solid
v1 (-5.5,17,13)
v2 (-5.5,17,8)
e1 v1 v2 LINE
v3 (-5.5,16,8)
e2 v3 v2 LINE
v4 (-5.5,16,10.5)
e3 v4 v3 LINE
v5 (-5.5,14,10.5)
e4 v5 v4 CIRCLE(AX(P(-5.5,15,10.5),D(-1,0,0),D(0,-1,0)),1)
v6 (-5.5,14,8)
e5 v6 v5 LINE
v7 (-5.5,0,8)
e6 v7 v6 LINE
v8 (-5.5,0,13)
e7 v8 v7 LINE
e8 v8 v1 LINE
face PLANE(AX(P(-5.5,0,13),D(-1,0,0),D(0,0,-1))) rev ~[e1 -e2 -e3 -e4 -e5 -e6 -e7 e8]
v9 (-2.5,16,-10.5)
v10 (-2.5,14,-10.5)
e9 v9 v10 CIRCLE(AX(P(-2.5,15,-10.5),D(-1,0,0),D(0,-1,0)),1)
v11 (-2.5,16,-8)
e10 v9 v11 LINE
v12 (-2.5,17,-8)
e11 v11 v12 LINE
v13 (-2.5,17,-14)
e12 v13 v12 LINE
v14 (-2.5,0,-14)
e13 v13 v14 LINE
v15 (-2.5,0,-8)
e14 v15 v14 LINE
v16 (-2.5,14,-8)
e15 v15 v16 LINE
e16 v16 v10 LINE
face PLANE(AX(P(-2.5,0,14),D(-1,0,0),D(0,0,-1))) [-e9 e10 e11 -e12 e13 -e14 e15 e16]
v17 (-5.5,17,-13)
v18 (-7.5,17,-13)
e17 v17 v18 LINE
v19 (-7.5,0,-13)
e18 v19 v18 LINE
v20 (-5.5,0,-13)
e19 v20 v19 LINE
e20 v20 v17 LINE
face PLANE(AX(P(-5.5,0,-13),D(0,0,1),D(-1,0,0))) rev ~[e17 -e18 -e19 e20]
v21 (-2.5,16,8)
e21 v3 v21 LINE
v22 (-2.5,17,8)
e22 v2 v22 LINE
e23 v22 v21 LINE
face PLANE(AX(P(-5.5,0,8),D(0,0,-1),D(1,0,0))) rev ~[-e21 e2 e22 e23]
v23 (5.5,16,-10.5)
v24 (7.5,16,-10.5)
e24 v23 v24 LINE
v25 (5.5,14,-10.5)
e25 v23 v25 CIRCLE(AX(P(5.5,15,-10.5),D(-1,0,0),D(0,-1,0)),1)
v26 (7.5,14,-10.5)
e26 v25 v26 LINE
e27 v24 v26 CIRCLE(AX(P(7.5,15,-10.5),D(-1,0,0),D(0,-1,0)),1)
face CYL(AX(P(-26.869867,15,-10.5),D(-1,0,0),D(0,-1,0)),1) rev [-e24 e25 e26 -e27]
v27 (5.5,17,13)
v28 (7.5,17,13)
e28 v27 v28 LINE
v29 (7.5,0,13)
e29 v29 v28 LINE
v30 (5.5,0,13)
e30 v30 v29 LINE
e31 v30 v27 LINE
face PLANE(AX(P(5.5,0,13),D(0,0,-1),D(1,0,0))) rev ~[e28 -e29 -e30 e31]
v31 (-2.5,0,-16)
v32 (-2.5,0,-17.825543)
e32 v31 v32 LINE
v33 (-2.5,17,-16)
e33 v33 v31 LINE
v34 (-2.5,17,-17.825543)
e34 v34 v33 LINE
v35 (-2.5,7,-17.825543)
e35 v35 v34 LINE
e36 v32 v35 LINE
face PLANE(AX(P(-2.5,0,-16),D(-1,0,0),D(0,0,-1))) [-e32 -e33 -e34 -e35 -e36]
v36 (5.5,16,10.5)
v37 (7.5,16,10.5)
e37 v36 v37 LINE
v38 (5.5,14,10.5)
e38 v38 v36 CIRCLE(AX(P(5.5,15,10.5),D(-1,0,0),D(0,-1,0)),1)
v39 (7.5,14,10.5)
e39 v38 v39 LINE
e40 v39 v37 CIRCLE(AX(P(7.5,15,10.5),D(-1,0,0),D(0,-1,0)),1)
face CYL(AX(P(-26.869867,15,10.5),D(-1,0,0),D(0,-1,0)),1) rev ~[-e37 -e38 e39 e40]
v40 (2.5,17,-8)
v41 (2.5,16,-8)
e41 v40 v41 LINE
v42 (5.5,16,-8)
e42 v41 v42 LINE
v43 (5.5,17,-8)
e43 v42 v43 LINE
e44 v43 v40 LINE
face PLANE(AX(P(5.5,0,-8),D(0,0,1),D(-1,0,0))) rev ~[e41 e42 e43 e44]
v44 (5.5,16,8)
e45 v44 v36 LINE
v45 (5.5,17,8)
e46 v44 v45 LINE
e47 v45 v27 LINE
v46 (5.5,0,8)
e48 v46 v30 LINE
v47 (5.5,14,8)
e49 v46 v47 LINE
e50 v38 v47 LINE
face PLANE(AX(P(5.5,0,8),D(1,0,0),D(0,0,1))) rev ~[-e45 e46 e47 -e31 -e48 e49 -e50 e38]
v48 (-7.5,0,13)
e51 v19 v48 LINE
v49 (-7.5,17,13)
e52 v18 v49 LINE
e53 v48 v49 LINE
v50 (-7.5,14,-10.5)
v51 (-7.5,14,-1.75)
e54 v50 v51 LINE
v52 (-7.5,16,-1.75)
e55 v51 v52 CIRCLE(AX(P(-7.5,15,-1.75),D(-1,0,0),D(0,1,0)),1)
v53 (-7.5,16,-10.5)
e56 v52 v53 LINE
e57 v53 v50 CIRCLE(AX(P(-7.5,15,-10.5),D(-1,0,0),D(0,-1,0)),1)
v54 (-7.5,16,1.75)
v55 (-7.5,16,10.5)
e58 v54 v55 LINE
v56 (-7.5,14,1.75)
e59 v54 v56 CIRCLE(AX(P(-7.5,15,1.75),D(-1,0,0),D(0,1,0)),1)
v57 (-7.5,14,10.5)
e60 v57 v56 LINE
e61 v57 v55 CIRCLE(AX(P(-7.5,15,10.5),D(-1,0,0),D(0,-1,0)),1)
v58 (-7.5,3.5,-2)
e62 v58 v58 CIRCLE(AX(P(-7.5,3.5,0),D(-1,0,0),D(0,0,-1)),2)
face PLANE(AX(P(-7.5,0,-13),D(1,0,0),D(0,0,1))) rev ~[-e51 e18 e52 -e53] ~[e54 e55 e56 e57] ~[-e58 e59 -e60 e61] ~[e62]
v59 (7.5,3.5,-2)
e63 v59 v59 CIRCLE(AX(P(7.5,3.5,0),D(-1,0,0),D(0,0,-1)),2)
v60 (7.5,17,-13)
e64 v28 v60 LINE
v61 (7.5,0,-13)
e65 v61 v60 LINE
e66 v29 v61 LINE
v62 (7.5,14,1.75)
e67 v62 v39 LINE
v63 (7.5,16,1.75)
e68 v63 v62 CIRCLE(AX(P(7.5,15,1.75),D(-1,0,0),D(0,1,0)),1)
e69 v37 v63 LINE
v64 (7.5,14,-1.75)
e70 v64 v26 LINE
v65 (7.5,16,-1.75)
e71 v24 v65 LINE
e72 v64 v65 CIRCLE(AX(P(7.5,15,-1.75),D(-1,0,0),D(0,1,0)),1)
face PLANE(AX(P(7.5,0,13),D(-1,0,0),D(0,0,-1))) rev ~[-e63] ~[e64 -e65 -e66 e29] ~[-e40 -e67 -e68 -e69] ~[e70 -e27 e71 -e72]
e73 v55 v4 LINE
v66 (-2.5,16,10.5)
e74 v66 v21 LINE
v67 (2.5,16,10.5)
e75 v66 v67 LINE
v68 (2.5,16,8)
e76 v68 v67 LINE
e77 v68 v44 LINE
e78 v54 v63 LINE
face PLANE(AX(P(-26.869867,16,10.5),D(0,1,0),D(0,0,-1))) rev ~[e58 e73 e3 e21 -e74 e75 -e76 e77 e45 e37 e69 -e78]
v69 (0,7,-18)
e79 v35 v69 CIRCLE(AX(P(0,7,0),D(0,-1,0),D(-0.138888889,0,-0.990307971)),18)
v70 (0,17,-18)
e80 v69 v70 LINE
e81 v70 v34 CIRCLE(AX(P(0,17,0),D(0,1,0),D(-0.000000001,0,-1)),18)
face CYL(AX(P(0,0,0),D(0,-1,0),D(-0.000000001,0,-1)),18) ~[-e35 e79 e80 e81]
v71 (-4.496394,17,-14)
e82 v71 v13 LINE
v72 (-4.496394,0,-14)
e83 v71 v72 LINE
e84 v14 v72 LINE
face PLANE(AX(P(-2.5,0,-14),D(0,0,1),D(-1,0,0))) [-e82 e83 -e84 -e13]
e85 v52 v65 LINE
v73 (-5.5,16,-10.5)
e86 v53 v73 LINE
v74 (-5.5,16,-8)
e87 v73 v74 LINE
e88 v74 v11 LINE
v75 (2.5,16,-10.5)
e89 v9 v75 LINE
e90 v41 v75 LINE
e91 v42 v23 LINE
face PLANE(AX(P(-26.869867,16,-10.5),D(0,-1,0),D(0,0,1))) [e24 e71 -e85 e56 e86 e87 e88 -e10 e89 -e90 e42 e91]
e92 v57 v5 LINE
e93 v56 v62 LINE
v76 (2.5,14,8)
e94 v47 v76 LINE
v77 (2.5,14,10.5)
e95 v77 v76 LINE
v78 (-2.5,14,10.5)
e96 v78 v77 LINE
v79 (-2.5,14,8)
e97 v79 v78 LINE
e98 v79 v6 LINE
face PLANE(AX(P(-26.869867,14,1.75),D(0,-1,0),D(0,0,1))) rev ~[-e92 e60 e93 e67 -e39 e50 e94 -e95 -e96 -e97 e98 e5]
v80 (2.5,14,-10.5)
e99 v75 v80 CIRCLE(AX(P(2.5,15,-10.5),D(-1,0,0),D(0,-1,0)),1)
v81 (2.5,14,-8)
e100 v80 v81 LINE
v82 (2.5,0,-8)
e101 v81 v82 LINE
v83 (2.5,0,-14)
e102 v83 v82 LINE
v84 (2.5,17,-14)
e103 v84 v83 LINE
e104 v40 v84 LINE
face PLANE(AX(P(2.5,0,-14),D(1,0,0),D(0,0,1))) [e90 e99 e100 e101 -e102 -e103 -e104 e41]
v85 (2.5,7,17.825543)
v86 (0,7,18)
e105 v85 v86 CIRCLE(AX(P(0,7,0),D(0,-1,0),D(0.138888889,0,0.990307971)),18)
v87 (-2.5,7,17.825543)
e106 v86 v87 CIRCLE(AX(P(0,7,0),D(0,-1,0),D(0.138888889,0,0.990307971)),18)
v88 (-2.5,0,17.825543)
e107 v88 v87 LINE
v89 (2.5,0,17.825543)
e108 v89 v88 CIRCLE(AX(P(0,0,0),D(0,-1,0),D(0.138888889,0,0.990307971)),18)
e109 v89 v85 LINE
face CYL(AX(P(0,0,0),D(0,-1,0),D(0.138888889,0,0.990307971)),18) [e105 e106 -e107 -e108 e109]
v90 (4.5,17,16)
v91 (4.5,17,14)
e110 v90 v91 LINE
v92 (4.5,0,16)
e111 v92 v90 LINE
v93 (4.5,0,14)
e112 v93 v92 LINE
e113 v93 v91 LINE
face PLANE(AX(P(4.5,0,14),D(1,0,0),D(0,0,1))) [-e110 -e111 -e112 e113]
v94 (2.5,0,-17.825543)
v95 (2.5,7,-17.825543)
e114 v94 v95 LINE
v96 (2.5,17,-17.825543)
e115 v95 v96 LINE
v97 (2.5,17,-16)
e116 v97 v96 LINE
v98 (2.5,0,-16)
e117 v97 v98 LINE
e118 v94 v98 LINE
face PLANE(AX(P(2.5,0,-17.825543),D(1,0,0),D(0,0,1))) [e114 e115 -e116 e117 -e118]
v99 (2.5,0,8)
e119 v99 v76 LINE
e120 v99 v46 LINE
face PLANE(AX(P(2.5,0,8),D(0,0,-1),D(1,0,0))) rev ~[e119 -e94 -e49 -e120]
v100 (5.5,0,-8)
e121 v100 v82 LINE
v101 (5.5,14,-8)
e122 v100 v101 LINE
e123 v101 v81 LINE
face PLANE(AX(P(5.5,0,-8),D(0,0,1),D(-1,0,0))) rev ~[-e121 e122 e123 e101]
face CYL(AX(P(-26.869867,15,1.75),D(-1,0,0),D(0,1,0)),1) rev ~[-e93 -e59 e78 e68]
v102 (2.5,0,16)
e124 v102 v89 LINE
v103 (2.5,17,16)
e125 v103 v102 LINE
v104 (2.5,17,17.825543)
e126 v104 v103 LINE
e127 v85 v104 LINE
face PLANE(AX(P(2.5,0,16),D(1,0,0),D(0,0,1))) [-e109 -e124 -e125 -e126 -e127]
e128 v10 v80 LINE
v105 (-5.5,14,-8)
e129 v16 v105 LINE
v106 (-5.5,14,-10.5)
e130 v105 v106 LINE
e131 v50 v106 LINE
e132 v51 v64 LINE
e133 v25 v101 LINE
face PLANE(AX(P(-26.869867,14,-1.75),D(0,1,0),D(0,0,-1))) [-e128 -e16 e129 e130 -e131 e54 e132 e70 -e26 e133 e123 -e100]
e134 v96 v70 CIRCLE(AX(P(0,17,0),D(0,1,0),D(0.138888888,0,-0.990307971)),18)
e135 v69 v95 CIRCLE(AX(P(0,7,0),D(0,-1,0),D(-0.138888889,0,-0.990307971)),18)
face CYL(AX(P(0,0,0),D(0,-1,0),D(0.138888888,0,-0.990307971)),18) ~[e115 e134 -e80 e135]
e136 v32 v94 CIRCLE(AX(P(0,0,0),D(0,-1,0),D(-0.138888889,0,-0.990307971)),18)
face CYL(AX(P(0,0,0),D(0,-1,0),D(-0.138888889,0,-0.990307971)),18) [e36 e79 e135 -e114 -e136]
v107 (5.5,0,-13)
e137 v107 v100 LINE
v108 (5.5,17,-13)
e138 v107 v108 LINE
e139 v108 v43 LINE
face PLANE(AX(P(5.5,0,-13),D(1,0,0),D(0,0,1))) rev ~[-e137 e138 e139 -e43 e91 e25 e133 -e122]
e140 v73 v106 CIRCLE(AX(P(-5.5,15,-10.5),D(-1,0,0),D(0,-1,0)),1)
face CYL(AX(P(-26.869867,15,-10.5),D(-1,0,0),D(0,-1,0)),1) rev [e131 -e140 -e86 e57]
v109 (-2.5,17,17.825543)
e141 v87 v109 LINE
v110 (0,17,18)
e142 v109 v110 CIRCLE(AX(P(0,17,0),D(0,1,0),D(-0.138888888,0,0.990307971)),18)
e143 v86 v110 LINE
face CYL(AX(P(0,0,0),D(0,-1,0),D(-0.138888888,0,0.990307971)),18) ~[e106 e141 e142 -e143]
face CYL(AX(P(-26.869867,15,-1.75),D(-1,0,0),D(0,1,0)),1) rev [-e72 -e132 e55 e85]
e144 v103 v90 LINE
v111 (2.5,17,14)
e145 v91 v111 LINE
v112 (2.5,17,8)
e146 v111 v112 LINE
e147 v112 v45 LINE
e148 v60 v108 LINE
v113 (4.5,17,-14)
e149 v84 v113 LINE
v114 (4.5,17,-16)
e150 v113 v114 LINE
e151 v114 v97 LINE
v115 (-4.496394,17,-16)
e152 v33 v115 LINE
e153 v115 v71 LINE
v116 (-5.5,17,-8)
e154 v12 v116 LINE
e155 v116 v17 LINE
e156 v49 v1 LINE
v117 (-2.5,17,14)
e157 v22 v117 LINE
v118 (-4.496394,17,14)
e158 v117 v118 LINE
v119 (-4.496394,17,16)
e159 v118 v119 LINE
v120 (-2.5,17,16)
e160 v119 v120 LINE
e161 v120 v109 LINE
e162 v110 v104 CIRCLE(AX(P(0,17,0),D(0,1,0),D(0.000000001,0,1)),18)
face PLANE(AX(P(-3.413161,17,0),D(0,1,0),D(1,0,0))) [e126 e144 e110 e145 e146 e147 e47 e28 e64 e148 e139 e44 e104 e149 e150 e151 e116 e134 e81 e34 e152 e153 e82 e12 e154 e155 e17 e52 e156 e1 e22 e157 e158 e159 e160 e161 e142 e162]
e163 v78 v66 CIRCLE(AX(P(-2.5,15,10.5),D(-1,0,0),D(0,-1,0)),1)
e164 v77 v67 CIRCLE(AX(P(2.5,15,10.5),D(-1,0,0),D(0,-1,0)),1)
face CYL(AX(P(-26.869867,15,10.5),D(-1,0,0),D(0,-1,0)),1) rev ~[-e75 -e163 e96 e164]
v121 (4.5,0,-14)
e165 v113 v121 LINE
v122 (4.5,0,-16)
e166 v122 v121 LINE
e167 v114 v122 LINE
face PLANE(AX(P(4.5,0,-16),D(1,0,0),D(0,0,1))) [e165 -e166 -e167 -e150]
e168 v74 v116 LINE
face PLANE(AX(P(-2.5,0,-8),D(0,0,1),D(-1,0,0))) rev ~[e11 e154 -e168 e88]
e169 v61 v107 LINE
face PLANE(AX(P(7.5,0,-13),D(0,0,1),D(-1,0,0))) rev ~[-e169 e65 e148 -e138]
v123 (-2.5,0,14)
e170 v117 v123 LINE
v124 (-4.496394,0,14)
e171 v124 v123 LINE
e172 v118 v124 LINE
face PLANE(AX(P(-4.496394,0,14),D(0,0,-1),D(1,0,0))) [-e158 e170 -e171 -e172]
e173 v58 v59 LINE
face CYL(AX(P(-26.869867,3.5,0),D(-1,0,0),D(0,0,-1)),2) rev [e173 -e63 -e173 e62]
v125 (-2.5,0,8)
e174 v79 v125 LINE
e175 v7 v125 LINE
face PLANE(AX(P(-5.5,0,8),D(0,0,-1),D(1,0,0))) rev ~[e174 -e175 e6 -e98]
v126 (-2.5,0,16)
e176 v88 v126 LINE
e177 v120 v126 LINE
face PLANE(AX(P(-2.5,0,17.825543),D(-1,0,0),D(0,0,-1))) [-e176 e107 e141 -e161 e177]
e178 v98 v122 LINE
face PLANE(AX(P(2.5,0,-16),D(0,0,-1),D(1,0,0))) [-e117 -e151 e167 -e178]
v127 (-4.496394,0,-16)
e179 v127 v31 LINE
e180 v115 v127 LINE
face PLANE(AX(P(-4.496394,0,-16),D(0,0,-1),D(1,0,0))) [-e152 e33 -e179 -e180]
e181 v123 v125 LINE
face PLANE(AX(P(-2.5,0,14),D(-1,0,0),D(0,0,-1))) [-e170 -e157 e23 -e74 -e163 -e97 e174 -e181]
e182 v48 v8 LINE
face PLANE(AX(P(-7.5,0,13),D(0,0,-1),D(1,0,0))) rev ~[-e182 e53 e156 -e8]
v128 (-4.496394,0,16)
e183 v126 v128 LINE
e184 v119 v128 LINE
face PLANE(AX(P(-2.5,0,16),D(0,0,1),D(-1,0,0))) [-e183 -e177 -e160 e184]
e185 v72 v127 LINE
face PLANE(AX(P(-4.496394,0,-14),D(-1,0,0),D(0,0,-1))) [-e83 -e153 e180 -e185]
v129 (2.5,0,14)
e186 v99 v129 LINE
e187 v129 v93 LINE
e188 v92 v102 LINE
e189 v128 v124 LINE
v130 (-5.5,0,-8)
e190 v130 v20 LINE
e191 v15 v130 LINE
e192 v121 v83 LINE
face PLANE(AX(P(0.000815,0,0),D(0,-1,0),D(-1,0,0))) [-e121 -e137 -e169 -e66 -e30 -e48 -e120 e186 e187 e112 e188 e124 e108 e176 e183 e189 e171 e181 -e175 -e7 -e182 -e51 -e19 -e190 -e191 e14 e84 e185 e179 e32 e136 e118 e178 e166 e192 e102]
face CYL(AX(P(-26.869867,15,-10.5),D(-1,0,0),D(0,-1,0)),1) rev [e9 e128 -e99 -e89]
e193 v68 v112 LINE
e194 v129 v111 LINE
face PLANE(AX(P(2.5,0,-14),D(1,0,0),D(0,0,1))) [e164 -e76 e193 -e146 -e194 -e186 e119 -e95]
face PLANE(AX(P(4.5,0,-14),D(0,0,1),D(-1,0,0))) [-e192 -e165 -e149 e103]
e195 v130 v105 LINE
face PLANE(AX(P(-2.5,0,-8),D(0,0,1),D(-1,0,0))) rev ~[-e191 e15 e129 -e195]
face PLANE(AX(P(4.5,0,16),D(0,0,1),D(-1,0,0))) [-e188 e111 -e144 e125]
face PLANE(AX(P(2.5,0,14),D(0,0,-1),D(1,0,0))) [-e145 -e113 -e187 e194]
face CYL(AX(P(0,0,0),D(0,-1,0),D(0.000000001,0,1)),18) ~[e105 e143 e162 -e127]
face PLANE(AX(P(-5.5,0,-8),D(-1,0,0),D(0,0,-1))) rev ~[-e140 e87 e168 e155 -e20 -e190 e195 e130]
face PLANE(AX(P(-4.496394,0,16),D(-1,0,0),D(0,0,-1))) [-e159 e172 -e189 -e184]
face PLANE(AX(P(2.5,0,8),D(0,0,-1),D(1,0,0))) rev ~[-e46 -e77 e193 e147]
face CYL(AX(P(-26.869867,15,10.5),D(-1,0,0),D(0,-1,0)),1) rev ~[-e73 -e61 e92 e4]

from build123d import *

# Parameters (mm, degrees)
EXTRUDE_7_DEPTH          = 7
EXTRUDE_START            = 7
SKETCH_11_W              = 5
SKETCH_11_H              = 16
EXTRUDE_8_DEPTH          = 10
EXTRUDE_10_DEPTH         = 17
CUT_EXTRUDE_1_DEPTH      = 26.869866641
CUT_EXTRUDE_1_DEPTH_BACK = 26.869866641
SKETCH_15_R              = 2
CUT_EXTRUDE_2_DEPTH      = 26.869866641
CUT_EXTRUDE_2_DEPTH_BACK = 26.869866641


with BuildPart() as part:
    # 草图8 → 凸台-拉伸7 (new body)
    with BuildSketch(Plane(origin=(0, 0, 0), x_dir=(1, 0, 0), z_dir=(0, 1, 0))):
        with BuildLine():
            Line((4.5, -16), (2.5, -16))
            Line((2.5, -16), (2.5, -17.82554347))
            ThreePointArc((2.5, -17.82554347), (0, -18), (-2.5, -17.82554347))
            Line((-2.5, -17.82554347), (-2.5, -16))
            Line((-2.5, -16), (-4.49639369, -16))
            Line((-4.49639369, -16), (-4.49639369, -14))
            Line((-4.49639369, -14), (-2.5, -14))
            Line((-2.5, -14), (-2.5, -13))
            Line((-2.5, -13), (-2.5, 13))
            Line((-2.5, 13), (-2.5, 14))
            Line((-2.5, 14), (-4.49639369, 14))
            Line((-4.49639369, 14), (-4.49639369, 16))
            Line((-4.49639369, 16), (-2.5, 16))
            Line((-2.5, 16), (-2.5, 17.82554347))
            ThreePointArc((-2.5, 17.82554347), (0, 18), (2.5, 17.82554347))
            Line((2.5, 17.82554347), (2.5, 16))
            Line((2.5, 16), (4.5, 16))
            Line((4.5, 16), (4.5, 14))
            Line((4.5, 14), (2.5, 14))
            Line((2.5, 14), (2.5, 13))
            Line((2.5, 13), (2.5, -13))
            Line((2.5, -13), (2.5, -14))
            Line((2.5, -14), (4.5, -14))
            Line((4.5, -14), (4.5, -16))
        make_face()
    extrude(amount=EXTRUDE_7_DEPTH)

    # 草图11 → 凸台-拉伸8 (add)
    with BuildSketch(Plane(origin=(0, 0, 0), x_dir=(1, 0, 0), z_dir=(0, 1, 0)).offset(EXTRUDE_START)):
        Rectangle(SKETCH_11_W, SKETCH_11_H)
    extrude(amount=EXTRUDE_8_DEPTH)

    # 草图14 → 凸台-拉伸10 (add)
    with BuildSketch(Plane(origin=(0, 0, 0), x_dir=(1, 0, 0), z_dir=(0, 1, 0))):
        with BuildLine():
            ThreePointArc((-2.5, -17.82554347), (-1.253039812, -17.9563329), (0, -18))
            Line((0, -18), (0, 18))
            ThreePointArc((0, 18), (-1.253039812, 17.9563329), (-2.5, 17.82554347))
            Line((-2.5, 17.82554347), (-2.5, 16))
            Line((-2.5, 16), (-4.49639369, 16))
            Line((-4.49639369, 16), (-4.49639369, 14))
            Line((-4.49639369, 14), (-2.5, 14))
            Line((-2.5, 14), (-2.5, 8))
            Line((-2.5, 8), (-5.5, 8))
            Line((-5.5, 8), (-5.5, 13))
            Line((-5.5, 13), (-7.5, 13))
            Line((-7.5, 13), (-7.5, -13))
            Line((-7.5, -13), (-5.5, -13))
            Line((-5.5, -13), (-5.5, -8))
            Line((-5.5, -8), (-2.5, -8))
            Line((-2.5, -8), (-2.5, -14))
            Line((-2.5, -14), (-4.49639369, -14))
            Line((-4.49639369, -14), (-4.49639369, -16))
            Line((-4.49639369, -16), (-2.5, -16))
            Line((-2.5, -16), (-2.5, -17.82554347))
        make_face()
        with BuildLine():
            Line((4.5, -14), (2.5, -14))
            Line((2.5, -14), (2.5, -8))
            Line((2.5, -8), (5.5, -8))
            Line((5.5, -8), (5.5, -13))
            Line((5.5, -13), (7.5, -13))
            Line((7.5, -13), (7.5, 13))
            Line((7.5, 13), (5.5, 13))
            Line((5.5, 13), (5.5, 8))
            Line((5.5, 8), (2.5, 8))
            Line((2.5, 8), (2.5, 14))
            Line((2.5, 14), (4.5, 14))
            Line((4.5, 14), (4.5, 16))
            Line((4.5, 16), (2.5, 16))
            Line((2.5, 16), (2.5, 17.82554347))
            ThreePointArc((2.5, 17.82554347), (1.253039812, 17.9563329), (0, 18))
            Line((0, 18), (0, -18))
            ThreePointArc((0, -18), (1.253039812, -17.9563329), (2.5, -17.82554347))
            Line((2.5, -17.82554347), (2.5, -16))
            Line((2.5, -16), (4.5, -16))
            Line((4.5, -16), (4.5, -14))
        make_face()
    extrude(amount=EXTRUDE_10_DEPTH)

    # 草图15 → 切除-拉伸1 (cut, two sides: drawn at the far end of the back side and taken through both)
    with BuildSketch(Plane(origin=(0, 0, 0), x_dir=(0, 0, -1), z_dir=(1, 0, 0)).offset(-CUT_EXTRUDE_1_DEPTH_BACK)):
        with Locations((0, 3.5)):
            Circle(SKETCH_15_R)
    extrude(amount=CUT_EXTRUDE_1_DEPTH + CUT_EXTRUDE_1_DEPTH_BACK, mode=Mode.SUBTRACT)

    # 草图17 → 切除-拉伸2 (cut, two sides: drawn at the far end of the back side and taken through both)
    with BuildSketch(Plane(origin=(0, 0, 0), x_dir=(0, 0, -1), z_dir=(1, 0, 0)).offset(-CUT_EXTRUDE_2_DEPTH_BACK)):
        with BuildLine():
            Line((-10.5, 16), (-1.75, 16))
            ThreePointArc((-1.75, 16), (-0.75, 15), (-1.75, 14))
            Line((-1.75, 14), (-10.5, 14))
            ThreePointArc((-10.5, 14), (-11.5, 15), (-10.5, 16))
        make_face()
        with BuildLine():
            Line((1.75, 14), (10.5, 14))
            ThreePointArc((10.5, 14), (11.5, 15), (10.5, 16))
            Line((10.5, 16), (1.75, 16))
            ThreePointArc((1.75, 16), (0.75, 15), (1.75, 14))
        make_face()
    extrude(amount=CUT_EXTRUDE_2_DEPTH + CUT_EXTRUDE_2_DEPTH_BACK, mode=Mode.SUBTRACT)


solid = part.part
